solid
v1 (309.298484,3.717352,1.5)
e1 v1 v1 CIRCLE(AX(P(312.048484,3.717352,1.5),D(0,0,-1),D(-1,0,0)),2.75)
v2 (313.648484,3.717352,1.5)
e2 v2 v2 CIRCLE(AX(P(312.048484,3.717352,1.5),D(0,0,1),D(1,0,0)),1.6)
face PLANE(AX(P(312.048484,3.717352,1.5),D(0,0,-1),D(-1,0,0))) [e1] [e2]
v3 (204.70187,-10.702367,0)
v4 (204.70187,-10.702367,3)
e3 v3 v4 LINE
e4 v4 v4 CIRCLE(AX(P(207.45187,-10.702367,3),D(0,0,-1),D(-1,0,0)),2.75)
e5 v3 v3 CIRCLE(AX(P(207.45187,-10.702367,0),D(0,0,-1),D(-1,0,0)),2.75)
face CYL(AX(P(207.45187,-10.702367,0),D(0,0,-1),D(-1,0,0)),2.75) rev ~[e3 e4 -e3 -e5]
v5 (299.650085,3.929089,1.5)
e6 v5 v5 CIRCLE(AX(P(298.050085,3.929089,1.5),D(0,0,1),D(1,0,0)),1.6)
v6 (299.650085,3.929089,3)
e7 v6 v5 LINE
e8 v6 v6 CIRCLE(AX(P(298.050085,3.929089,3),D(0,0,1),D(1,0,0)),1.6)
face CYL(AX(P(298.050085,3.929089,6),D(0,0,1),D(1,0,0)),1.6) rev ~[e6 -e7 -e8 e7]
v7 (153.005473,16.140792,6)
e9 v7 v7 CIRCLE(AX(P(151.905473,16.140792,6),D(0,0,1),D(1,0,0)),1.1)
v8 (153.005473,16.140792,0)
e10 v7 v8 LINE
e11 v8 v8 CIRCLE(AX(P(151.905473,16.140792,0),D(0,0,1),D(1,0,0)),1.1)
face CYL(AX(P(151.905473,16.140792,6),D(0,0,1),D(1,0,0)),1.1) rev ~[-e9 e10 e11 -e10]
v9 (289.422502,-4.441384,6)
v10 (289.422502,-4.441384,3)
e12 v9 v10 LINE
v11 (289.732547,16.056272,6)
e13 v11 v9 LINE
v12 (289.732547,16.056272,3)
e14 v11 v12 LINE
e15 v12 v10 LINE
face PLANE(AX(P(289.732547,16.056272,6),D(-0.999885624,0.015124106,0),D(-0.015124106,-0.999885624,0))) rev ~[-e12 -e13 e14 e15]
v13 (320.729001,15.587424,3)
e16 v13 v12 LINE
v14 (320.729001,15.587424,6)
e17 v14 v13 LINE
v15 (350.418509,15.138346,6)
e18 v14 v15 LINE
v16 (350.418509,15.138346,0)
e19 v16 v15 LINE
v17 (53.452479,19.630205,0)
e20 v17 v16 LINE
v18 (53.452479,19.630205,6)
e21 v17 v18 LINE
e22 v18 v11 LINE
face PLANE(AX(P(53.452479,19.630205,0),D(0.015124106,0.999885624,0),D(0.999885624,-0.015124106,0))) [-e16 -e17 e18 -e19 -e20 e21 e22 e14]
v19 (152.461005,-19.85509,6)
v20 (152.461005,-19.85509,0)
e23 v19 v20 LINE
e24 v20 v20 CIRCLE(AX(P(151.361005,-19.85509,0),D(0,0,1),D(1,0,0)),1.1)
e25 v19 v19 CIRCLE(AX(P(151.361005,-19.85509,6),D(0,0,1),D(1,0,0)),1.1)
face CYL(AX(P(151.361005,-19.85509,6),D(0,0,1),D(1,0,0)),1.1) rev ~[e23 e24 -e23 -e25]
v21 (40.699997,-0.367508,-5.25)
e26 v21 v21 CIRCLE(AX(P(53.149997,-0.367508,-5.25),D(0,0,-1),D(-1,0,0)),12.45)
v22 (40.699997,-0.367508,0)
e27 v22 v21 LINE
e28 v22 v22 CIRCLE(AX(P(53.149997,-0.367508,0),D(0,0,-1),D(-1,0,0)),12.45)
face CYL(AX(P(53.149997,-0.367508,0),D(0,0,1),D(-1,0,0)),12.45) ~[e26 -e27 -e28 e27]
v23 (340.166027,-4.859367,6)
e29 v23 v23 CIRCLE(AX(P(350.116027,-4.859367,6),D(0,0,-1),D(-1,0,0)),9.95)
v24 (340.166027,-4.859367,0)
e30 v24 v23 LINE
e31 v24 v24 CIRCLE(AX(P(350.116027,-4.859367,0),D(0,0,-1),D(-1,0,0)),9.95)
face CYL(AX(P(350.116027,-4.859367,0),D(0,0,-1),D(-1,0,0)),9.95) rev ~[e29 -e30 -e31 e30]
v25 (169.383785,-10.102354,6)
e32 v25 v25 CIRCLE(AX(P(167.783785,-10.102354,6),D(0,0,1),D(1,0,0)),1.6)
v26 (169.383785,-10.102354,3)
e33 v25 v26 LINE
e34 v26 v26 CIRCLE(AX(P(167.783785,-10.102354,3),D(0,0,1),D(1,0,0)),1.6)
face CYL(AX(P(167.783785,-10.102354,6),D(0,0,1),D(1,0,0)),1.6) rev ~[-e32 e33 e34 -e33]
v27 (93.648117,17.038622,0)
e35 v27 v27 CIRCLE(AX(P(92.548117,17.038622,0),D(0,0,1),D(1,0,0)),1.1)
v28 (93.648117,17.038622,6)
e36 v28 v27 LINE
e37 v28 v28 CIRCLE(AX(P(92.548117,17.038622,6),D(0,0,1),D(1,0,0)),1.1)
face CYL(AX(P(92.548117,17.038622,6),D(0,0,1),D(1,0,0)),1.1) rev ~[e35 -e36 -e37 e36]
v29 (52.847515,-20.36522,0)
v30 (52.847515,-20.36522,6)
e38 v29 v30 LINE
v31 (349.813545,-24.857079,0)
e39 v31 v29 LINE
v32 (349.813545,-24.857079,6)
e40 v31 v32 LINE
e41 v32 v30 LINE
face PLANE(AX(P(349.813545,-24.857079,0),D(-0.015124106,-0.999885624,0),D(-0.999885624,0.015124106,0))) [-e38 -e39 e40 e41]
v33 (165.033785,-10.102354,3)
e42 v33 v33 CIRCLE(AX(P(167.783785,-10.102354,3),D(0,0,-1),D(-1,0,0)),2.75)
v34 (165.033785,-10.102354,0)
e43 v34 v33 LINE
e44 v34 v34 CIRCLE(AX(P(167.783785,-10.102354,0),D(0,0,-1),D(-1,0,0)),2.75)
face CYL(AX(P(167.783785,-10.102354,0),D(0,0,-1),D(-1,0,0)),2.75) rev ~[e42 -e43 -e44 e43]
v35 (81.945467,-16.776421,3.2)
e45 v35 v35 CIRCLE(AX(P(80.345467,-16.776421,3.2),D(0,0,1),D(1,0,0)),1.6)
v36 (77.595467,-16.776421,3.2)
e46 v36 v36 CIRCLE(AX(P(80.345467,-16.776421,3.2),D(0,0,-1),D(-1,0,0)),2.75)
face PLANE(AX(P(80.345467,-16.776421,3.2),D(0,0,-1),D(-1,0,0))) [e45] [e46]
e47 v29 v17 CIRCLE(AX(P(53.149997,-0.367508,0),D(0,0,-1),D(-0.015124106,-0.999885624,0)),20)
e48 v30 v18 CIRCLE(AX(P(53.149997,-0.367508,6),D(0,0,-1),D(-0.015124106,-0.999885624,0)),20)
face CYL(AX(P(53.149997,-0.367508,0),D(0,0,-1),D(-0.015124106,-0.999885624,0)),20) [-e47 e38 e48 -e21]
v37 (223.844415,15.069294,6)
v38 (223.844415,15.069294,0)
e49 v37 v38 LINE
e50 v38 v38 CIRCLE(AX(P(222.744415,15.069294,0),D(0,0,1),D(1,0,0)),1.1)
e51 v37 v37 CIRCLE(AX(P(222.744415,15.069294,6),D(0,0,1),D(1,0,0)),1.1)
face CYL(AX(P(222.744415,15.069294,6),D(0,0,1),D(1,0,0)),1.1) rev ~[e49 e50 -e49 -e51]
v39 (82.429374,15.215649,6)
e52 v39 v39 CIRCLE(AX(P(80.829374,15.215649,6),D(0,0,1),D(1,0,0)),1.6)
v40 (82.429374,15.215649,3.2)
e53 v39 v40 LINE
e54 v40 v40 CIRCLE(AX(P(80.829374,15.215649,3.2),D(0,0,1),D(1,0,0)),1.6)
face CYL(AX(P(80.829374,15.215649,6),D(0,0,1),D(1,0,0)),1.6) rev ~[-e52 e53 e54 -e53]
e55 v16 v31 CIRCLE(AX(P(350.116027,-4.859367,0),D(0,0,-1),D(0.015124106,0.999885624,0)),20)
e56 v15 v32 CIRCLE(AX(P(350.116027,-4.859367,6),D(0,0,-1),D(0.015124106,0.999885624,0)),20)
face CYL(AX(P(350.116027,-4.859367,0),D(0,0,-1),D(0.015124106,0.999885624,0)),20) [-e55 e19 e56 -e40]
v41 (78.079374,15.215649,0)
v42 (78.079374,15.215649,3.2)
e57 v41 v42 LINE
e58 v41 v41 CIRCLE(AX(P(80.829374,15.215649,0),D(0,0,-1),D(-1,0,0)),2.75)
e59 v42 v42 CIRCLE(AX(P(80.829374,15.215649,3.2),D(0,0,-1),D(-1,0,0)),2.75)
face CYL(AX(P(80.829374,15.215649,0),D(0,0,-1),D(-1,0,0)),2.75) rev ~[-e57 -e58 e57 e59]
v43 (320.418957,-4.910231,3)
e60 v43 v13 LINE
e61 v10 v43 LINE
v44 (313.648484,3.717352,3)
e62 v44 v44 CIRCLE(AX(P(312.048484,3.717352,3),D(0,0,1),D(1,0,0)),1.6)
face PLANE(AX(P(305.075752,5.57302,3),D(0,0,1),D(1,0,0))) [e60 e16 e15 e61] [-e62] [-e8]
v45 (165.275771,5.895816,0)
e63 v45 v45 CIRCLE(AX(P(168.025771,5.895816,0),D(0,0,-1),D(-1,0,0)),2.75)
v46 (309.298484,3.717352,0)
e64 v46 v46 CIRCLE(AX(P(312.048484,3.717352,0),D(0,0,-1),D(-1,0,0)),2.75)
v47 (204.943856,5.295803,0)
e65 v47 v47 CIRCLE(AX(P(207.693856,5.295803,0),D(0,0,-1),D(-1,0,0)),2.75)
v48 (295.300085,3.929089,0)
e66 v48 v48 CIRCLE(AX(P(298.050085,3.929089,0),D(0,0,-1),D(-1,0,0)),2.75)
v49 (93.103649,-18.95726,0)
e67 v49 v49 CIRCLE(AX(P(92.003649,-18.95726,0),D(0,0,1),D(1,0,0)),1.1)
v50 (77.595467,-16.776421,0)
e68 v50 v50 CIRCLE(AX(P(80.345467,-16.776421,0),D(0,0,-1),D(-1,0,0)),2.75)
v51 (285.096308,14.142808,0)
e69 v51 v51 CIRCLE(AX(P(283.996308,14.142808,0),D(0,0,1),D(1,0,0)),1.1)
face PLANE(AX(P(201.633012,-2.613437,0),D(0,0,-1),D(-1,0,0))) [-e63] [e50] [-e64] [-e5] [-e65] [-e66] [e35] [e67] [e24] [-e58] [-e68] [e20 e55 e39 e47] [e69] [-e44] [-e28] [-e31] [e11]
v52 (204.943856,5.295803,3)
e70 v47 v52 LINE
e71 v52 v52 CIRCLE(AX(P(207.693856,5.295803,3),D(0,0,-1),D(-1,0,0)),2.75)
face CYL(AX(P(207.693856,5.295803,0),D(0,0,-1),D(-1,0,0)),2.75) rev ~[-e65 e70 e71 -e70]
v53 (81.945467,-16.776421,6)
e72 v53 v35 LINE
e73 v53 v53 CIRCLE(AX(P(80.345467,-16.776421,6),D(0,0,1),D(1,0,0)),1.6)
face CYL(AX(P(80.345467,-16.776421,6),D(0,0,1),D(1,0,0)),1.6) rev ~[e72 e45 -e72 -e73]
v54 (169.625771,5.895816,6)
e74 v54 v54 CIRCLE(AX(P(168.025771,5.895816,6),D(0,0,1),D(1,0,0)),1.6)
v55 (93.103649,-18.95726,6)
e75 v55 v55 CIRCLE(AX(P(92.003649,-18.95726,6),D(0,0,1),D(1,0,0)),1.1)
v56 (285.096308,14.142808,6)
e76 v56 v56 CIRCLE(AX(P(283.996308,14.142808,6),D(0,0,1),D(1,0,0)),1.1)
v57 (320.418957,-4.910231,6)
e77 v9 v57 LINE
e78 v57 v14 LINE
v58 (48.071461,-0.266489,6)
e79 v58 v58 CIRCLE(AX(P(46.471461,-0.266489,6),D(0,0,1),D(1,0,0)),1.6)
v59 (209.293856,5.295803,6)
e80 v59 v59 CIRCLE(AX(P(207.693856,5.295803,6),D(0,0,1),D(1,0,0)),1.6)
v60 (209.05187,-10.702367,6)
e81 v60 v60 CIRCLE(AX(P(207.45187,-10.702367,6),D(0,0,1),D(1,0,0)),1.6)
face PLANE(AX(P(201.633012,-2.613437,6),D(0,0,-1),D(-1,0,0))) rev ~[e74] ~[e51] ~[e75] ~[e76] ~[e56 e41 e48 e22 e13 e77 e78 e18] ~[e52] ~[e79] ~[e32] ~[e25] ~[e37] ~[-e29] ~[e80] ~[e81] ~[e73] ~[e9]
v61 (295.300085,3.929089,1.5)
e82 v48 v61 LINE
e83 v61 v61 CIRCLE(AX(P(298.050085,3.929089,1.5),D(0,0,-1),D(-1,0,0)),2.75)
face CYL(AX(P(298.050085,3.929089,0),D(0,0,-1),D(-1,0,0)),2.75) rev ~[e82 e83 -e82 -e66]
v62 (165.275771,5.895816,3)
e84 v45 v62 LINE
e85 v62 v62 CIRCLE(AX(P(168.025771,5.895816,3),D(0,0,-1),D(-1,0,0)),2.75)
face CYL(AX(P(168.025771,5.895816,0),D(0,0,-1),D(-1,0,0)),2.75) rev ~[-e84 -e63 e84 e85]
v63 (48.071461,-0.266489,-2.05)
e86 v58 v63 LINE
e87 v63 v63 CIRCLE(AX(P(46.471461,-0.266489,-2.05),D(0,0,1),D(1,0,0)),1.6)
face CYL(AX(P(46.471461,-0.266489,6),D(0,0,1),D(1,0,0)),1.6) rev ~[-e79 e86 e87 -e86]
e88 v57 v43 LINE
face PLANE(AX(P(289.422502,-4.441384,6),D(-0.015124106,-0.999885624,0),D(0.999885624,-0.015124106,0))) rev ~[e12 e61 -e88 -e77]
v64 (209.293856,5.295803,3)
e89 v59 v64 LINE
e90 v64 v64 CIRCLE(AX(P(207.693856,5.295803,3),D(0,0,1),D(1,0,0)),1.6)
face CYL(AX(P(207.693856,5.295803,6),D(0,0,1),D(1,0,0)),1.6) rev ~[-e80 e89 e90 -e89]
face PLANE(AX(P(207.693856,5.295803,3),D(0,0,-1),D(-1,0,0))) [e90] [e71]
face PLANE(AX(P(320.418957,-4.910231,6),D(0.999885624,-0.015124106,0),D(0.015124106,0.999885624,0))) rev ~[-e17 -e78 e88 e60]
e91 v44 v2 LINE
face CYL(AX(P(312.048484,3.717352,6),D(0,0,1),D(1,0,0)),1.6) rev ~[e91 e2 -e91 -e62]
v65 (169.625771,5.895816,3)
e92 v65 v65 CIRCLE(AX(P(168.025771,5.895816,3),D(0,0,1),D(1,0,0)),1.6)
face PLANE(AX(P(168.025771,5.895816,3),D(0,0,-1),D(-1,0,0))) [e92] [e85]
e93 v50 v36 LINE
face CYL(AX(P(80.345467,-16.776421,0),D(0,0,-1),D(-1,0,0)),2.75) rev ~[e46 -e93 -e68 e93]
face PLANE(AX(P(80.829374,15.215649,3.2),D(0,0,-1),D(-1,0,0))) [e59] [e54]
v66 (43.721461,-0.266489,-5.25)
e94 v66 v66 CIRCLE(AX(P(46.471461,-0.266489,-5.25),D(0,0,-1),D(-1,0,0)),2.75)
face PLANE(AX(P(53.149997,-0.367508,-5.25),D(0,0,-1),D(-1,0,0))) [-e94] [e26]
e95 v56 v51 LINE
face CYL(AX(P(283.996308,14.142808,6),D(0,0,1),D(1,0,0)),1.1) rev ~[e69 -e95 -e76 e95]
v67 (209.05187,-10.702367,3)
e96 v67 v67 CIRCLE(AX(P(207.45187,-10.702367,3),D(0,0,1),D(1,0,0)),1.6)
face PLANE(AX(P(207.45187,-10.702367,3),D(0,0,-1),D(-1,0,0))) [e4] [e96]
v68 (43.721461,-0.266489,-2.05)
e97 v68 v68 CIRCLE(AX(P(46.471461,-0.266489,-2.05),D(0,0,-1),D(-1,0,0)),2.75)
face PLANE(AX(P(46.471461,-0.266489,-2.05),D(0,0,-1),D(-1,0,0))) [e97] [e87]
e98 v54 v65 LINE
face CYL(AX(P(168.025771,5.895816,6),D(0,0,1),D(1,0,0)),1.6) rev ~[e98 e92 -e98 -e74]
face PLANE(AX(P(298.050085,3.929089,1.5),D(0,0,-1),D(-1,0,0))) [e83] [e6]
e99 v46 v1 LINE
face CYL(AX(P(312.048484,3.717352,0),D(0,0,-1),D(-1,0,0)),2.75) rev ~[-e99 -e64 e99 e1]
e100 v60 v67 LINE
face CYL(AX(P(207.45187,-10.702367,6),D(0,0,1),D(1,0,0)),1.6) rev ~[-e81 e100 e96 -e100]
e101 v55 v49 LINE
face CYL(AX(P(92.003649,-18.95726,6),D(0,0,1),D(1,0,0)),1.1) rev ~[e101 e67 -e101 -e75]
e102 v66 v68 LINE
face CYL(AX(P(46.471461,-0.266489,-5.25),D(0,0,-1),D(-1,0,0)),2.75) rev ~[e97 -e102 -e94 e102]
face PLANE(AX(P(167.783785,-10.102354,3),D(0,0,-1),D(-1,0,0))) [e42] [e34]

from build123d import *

# Parameters (mm, degrees)
BOSS_EXTRUDE1_DEPTH = 6
SKETCH2_R           = 12.45
BOSS_EXTRUDE2_DEPTH = 5.25
CUT_EXTRUDE2_REACH  = 13.25
SKETCH5_R           = 1.6
SKETCH6_R           = 2.75
CUT_EXTRUDE3_DEPTH  = 3.2
SKETCH7_R           = 2.75
CUT_EXTRUDE4_DEPTH  = 3.2
CUT_EXTRUDE7_REACH  = 8
SKETCH10_R          = 9.95
CUT_EXTRUDE8_REACH  = 13.25
SKETCH11_R          = 1.6
SKETCH12_R          = 2.75
CUT_EXTRUDE9_DEPTH  = 3
CUT_EXTRUDE10_DEPTH = 3
CUT_EXTRUDE11_REACH = 13.25
SKETCH14_R          = 1.6
SKETCH15_R          = 2.75
CUT_EXTRUDE12_DEPTH = 1.5
CUT_EXTRUDE13_REACH = 13.25
SKETCH16_R          = 1.1


with BuildPart() as part:
    # Sketch1 → Boss-Extrude1 (new body)
    with BuildSketch(Plane.XY):
        with BuildLine():
            Line((53.452478751, 19.630204959), (350.418509131, 15.138345609))
            ThreePointArc((350.418509131, 15.138345609), (370.113739503, -5.161848985), (349.813544909, -24.857079358))
            Line((349.813544909, -24.857079358), (52.847514529, -20.365220008))
            ThreePointArc((52.847514529, -20.365220008), (33.152284157, -0.065025413), (53.452478751, 19.630204959))
        make_face()
    extrude(amount=BOSS_EXTRUDE1_DEPTH)

    # Sketch2 → Boss-Extrude2 (add)
    with BuildSketch(Plane(origin=(0, 0, 0), x_dir=(-1, 0, 0), z_dir=(0, 0, -1))):
        with Locations((-53.14999664, -0.367507524)):
            Circle(SKETCH2_R)
    extrude(amount=BOSS_EXTRUDE2_DEPTH)

    # Sketch5 → Cut-Extrude2 (cut, up to next)
    with BuildSketch(Plane.XY.offset(6), mode=Mode.PRIVATE) as cut_extrude2_sk1:
        with Locations((80.82937417, 15.215648985)):
            Circle(SKETCH5_R)
    cut_extrude2_tool1 = extrude(cut_extrude2_sk1.sketch, amount=-CUT_EXTRUDE2_REACH, mode=Mode.PRIVATE) & part.part
    add(cut_extrude2_tool1.solids().sort_by_distance((80.829374, 15.215649, 6))[0], mode=Mode.SUBTRACT)
    # Sketch5 → Cut-Extrude2 (cut, up to next)
    with BuildSketch(Plane.XY.offset(6), mode=Mode.PRIVATE) as cut_extrude2_sk2:
        with Locations((46.471460884, -0.26648909)):
            Circle(SKETCH5_R)
    cut_extrude2_tool2 = extrude(cut_extrude2_sk2.sketch, amount=-CUT_EXTRUDE2_REACH, mode=Mode.PRIVATE) & part.part
    add(cut_extrude2_tool2.solids().sort_by_distance((46.471461, -0.266489, 6))[0], mode=Mode.SUBTRACT)
    # Sketch5 → Cut-Extrude2 (cut, up to next)
    with BuildSketch(Plane.XY.offset(6), mode=Mode.PRIVATE) as cut_extrude2_sk3:
        with Locations((80.345467382, -16.77642084)):
            Circle(SKETCH5_R)
    cut_extrude2_tool3 = extrude(cut_extrude2_sk3.sketch, amount=-CUT_EXTRUDE2_REACH, mode=Mode.PRIVATE) & part.part
    add(cut_extrude2_tool3.solids().sort_by_distance((80.345467, -16.776421, 6))[0], mode=Mode.SUBTRACT)

    # Sketch6 → Cut-Extrude3 (cut)
    with BuildSketch(Plane(origin=(0, 0, 0), x_dir=(-1, 0, 0), z_dir=(0, 0, -1))):
        with Locations((-80.345467382, -16.77642084)):
            Circle(SKETCH6_R)
        with Locations((-80.82937417, 15.215648985)):
            Circle(SKETCH6_R)
    extrude(amount=-CUT_EXTRUDE3_DEPTH, mode=Mode.SUBTRACT)

    # Sketch7 → Cut-Extrude4 (cut)
    with BuildSketch(Plane(origin=(0, 0, -5.25), x_dir=(-1, 0, 0), z_dir=(0, 0, -1))):
        with Locations((-46.471460884, -0.26648909)):
            Circle(SKETCH7_R)
    extrude(amount=-CUT_EXTRUDE4_DEPTH, mode=Mode.SUBTRACT)

    # Sketch10 → Cut-Extrude7 (cut, up to next)
    with BuildSketch(Plane(origin=(0, 0, 0), x_dir=(-1, 0, 0), z_dir=(0, 0, -1)), mode=Mode.PRIVATE) as cut_extrude7_sk1:
        with Locations((-350.11602702, -4.859366874)):
            Circle(SKETCH10_R)
    cut_extrude7_tool1 = extrude(cut_extrude7_sk1.sketch, amount=-CUT_EXTRUDE7_REACH, mode=Mode.PRIVATE) & part.part
    add(cut_extrude7_tool1.solids().sort_by_distance((350.116027, -4.859367, 0))[0], mode=Mode.SUBTRACT)

    # Sketch11 → Cut-Extrude8 (cut, up to next)
    with BuildSketch(Plane.XY.offset(6), mode=Mode.PRIVATE) as cut_extrude8_sk1:
        with Locations((207.693855596, 5.295802586)):
            Circle(SKETCH11_R)
    cut_extrude8_tool1 = extrude(cut_extrude8_sk1.sketch, amount=-CUT_EXTRUDE8_REACH, mode=Mode.PRIVATE) & part.part
    add(cut_extrude8_tool1.solids().sort_by_distance((207.693856, 5.295803, 6))[0], mode=Mode.SUBTRACT)
    # Sketch11 → Cut-Extrude8 (cut, up to next)
    with BuildSketch(Plane.XY.offset(6), mode=Mode.PRIVATE) as cut_extrude8_sk2:
        with Locations((207.451869907, -10.702367401)):
            Circle(SKETCH11_R)
    cut_extrude8_tool2 = extrude(cut_extrude8_sk2.sketch, amount=-CUT_EXTRUDE8_REACH, mode=Mode.PRIVATE) & part.part
    add(cut_extrude8_tool2.solids().sort_by_distance((207.45187, -10.702367, 6))[0], mode=Mode.SUBTRACT)
    # Sketch11 → Cut-Extrude8 (cut, up to next)
    with BuildSketch(Plane.XY.offset(6), mode=Mode.PRIVATE) as cut_extrude8_sk3:
        with Locations((168.025770935, 5.895815512)):
            Circle(SKETCH11_R)
    cut_extrude8_tool3 = extrude(cut_extrude8_sk3.sketch, amount=-CUT_EXTRUDE8_REACH, mode=Mode.PRIVATE) & part.part
    add(cut_extrude8_tool3.solids().sort_by_distance((168.025771, 5.895816, 6))[0], mode=Mode.SUBTRACT)
    # Sketch11 → Cut-Extrude8 (cut, up to next)
    with BuildSketch(Plane.XY.offset(6), mode=Mode.PRIVATE) as cut_extrude8_sk4:
        with Locations((167.783785246, -10.102354474)):
            Circle(SKETCH11_R)
    cut_extrude8_tool4 = extrude(cut_extrude8_sk4.sketch, amount=-CUT_EXTRUDE8_REACH, mode=Mode.PRIVATE) & part.part
    add(cut_extrude8_tool4.solids().sort_by_distance((167.783785, -10.102354, 6))[0], mode=Mode.SUBTRACT)

    # Sketch12 → Cut-Extrude9 (cut)
    with BuildSketch(Plane(origin=(0, 0, 0), x_dir=(-1, 0, 0), z_dir=(0, 0, -1))):
        with Locations((-207.451869907, -10.702367401)):
            Circle(SKETCH12_R)
        with Locations((-207.693855596, 5.295802586)):
            Circle(SKETCH12_R)
        with Locations((-168.025770935, 5.895815512)):
            Circle(SKETCH12_R)
        with Locations((-167.783785246, -10.102354474)):
            Circle(SKETCH12_R)
    extrude(amount=-CUT_EXTRUDE9_DEPTH, mode=Mode.SUBTRACT)

    # Sketch13 → Cut-Extrude10 (cut)
    with BuildSketch(Plane.XY.offset(6)):
        Polygon((289.732546516, 16.056271502), (289.422502353, -4.441383793), (320.418956702, -4.910231066), (320.729000866, 15.58742423), align=None)
    extrude(amount=-CUT_EXTRUDE10_DEPTH, mode=Mode.SUBTRACT)

    # Sketch14 → Cut-Extrude11 (cut, up to next)
    with BuildSketch(Plane.XY.offset(6), mode=Mode.PRIVATE) as cut_extrude11_sk1:
        with Locations((312.048483794, 3.717351637)):
            Circle(SKETCH14_R)
    cut_extrude11_tool1 = extrude(cut_extrude11_sk1.sketch, amount=-CUT_EXTRUDE11_REACH, mode=Mode.PRIVATE) & part.part
    add(cut_extrude11_tool1.solids().sort_by_distance((312.048484, 3.717352, 6))[0], mode=Mode.SUBTRACT)
    # Sketch14 → Cut-Extrude11 (cut, up to next)
    with BuildSketch(Plane.XY.offset(6), mode=Mode.PRIVATE) as cut_extrude11_sk2:
        with Locations((298.050085055, 3.929089115)):
            Circle(SKETCH14_R)
    cut_extrude11_tool2 = extrude(cut_extrude11_sk2.sketch, amount=-CUT_EXTRUDE11_REACH, mode=Mode.PRIVATE) & part.part
    add(cut_extrude11_tool2.solids().sort_by_distance((298.050085, 3.929089, 6))[0], mode=Mode.SUBTRACT)

    # Sketch15 → Cut-Extrude12 (cut)
    with BuildSketch(Plane(origin=(0, 0, 0), x_dir=(-1, 0, 0), z_dir=(0, 0, -1))):
        with Locations((-298.050085055, 3.929089115)):
            Circle(SKETCH15_R)
        with Locations((-312.048483794, 3.717351637)):
            Circle(SKETCH15_R)
    extrude(amount=-CUT_EXTRUDE12_DEPTH, mode=Mode.SUBTRACT)

    # Sketch16 → Cut-Extrude13 (cut, up to next)
    with BuildSketch(Plane.XY.offset(6), mode=Mode.PRIVATE) as cut_extrude13_sk1:
        with Locations((92.548117071, 17.038621984)):
            Circle(SKETCH16_R)
    cut_extrude13_tool1 = extrude(cut_extrude13_sk1.sketch, amount=-CUT_EXTRUDE13_REACH, mode=Mode.PRIVATE) & part.part
    add(cut_extrude13_tool1.solids().sort_by_distance((92.548117, 17.038622, 6))[0], mode=Mode.SUBTRACT)
    # Sketch16 → Cut-Extrude13 (cut, up to next)
    with BuildSketch(Plane.XY.offset(6), mode=Mode.PRIVATE) as cut_extrude13_sk2:
        with Locations((92.003649271, -18.957260486)):
            Circle(SKETCH16_R)
    cut_extrude13_tool2 = extrude(cut_extrude13_sk2.sketch, amount=-CUT_EXTRUDE13_REACH, mode=Mode.PRIVATE) & part.part
    add(cut_extrude13_tool2.solids().sort_by_distance((92.003649, -18.95726, 6))[0], mode=Mode.SUBTRACT)
    # Sketch16 → Cut-Extrude13 (cut, up to next)
    with BuildSketch(Plane.XY.offset(6), mode=Mode.PRIVATE) as cut_extrude13_sk3:
        with Locations((151.905473082, 16.140792376)):
            Circle(SKETCH16_R)
    cut_extrude13_tool3 = extrude(cut_extrude13_sk3.sketch, amount=-CUT_EXTRUDE13_REACH, mode=Mode.PRIVATE) & part.part
    add(cut_extrude13_tool3.solids().sort_by_distance((151.905473, 16.140792, 6))[0], mode=Mode.SUBTRACT)
    # Sketch16 → Cut-Extrude13 (cut, up to next)
    with BuildSketch(Plane.XY.offset(6), mode=Mode.PRIVATE) as cut_extrude13_sk4:
        with Locations((151.361005282, -19.855090094)):
            Circle(SKETCH16_R)
    cut_extrude13_tool4 = extrude(cut_extrude13_sk4.sketch, amount=-CUT_EXTRUDE13_REACH, mode=Mode.PRIVATE) & part.part
    add(cut_extrude13_tool4.solids().sort_by_distance((151.361005, -19.85509, 6))[0], mode=Mode.SUBTRACT)
    # Sketch16 → Cut-Extrude13 (cut, up to next)
    with BuildSketch(Plane.XY.offset(6), mode=Mode.PRIVATE) as cut_extrude13_sk5:
        with Locations((222.744414799, 15.069294191)):
            Circle(SKETCH16_R)
    cut_extrude13_tool5 = extrude(cut_extrude13_sk5.sketch, amount=-CUT_EXTRUDE13_REACH, mode=Mode.PRIVATE) & part.part
    add(cut_extrude13_tool5.solids().sort_by_distance((222.744415, 15.069294, 6))[0], mode=Mode.SUBTRACT)
    # Sketch16 → Cut-Extrude13 (cut, up to next)
    with BuildSketch(Plane.XY.offset(6), mode=Mode.PRIVATE) as cut_extrude13_sk6:
        with Locations((283.996308166, 14.142808123)):
            Circle(SKETCH16_R)
    cut_extrude13_tool6 = extrude(cut_extrude13_sk6.sketch, amount=-CUT_EXTRUDE13_REACH, mode=Mode.PRIVATE) & part.part
    add(cut_extrude13_tool6.solids().sort_by_distance((283.996308, 14.142808, 6))[0], mode=Mode.SUBTRACT)


solid = part.part
